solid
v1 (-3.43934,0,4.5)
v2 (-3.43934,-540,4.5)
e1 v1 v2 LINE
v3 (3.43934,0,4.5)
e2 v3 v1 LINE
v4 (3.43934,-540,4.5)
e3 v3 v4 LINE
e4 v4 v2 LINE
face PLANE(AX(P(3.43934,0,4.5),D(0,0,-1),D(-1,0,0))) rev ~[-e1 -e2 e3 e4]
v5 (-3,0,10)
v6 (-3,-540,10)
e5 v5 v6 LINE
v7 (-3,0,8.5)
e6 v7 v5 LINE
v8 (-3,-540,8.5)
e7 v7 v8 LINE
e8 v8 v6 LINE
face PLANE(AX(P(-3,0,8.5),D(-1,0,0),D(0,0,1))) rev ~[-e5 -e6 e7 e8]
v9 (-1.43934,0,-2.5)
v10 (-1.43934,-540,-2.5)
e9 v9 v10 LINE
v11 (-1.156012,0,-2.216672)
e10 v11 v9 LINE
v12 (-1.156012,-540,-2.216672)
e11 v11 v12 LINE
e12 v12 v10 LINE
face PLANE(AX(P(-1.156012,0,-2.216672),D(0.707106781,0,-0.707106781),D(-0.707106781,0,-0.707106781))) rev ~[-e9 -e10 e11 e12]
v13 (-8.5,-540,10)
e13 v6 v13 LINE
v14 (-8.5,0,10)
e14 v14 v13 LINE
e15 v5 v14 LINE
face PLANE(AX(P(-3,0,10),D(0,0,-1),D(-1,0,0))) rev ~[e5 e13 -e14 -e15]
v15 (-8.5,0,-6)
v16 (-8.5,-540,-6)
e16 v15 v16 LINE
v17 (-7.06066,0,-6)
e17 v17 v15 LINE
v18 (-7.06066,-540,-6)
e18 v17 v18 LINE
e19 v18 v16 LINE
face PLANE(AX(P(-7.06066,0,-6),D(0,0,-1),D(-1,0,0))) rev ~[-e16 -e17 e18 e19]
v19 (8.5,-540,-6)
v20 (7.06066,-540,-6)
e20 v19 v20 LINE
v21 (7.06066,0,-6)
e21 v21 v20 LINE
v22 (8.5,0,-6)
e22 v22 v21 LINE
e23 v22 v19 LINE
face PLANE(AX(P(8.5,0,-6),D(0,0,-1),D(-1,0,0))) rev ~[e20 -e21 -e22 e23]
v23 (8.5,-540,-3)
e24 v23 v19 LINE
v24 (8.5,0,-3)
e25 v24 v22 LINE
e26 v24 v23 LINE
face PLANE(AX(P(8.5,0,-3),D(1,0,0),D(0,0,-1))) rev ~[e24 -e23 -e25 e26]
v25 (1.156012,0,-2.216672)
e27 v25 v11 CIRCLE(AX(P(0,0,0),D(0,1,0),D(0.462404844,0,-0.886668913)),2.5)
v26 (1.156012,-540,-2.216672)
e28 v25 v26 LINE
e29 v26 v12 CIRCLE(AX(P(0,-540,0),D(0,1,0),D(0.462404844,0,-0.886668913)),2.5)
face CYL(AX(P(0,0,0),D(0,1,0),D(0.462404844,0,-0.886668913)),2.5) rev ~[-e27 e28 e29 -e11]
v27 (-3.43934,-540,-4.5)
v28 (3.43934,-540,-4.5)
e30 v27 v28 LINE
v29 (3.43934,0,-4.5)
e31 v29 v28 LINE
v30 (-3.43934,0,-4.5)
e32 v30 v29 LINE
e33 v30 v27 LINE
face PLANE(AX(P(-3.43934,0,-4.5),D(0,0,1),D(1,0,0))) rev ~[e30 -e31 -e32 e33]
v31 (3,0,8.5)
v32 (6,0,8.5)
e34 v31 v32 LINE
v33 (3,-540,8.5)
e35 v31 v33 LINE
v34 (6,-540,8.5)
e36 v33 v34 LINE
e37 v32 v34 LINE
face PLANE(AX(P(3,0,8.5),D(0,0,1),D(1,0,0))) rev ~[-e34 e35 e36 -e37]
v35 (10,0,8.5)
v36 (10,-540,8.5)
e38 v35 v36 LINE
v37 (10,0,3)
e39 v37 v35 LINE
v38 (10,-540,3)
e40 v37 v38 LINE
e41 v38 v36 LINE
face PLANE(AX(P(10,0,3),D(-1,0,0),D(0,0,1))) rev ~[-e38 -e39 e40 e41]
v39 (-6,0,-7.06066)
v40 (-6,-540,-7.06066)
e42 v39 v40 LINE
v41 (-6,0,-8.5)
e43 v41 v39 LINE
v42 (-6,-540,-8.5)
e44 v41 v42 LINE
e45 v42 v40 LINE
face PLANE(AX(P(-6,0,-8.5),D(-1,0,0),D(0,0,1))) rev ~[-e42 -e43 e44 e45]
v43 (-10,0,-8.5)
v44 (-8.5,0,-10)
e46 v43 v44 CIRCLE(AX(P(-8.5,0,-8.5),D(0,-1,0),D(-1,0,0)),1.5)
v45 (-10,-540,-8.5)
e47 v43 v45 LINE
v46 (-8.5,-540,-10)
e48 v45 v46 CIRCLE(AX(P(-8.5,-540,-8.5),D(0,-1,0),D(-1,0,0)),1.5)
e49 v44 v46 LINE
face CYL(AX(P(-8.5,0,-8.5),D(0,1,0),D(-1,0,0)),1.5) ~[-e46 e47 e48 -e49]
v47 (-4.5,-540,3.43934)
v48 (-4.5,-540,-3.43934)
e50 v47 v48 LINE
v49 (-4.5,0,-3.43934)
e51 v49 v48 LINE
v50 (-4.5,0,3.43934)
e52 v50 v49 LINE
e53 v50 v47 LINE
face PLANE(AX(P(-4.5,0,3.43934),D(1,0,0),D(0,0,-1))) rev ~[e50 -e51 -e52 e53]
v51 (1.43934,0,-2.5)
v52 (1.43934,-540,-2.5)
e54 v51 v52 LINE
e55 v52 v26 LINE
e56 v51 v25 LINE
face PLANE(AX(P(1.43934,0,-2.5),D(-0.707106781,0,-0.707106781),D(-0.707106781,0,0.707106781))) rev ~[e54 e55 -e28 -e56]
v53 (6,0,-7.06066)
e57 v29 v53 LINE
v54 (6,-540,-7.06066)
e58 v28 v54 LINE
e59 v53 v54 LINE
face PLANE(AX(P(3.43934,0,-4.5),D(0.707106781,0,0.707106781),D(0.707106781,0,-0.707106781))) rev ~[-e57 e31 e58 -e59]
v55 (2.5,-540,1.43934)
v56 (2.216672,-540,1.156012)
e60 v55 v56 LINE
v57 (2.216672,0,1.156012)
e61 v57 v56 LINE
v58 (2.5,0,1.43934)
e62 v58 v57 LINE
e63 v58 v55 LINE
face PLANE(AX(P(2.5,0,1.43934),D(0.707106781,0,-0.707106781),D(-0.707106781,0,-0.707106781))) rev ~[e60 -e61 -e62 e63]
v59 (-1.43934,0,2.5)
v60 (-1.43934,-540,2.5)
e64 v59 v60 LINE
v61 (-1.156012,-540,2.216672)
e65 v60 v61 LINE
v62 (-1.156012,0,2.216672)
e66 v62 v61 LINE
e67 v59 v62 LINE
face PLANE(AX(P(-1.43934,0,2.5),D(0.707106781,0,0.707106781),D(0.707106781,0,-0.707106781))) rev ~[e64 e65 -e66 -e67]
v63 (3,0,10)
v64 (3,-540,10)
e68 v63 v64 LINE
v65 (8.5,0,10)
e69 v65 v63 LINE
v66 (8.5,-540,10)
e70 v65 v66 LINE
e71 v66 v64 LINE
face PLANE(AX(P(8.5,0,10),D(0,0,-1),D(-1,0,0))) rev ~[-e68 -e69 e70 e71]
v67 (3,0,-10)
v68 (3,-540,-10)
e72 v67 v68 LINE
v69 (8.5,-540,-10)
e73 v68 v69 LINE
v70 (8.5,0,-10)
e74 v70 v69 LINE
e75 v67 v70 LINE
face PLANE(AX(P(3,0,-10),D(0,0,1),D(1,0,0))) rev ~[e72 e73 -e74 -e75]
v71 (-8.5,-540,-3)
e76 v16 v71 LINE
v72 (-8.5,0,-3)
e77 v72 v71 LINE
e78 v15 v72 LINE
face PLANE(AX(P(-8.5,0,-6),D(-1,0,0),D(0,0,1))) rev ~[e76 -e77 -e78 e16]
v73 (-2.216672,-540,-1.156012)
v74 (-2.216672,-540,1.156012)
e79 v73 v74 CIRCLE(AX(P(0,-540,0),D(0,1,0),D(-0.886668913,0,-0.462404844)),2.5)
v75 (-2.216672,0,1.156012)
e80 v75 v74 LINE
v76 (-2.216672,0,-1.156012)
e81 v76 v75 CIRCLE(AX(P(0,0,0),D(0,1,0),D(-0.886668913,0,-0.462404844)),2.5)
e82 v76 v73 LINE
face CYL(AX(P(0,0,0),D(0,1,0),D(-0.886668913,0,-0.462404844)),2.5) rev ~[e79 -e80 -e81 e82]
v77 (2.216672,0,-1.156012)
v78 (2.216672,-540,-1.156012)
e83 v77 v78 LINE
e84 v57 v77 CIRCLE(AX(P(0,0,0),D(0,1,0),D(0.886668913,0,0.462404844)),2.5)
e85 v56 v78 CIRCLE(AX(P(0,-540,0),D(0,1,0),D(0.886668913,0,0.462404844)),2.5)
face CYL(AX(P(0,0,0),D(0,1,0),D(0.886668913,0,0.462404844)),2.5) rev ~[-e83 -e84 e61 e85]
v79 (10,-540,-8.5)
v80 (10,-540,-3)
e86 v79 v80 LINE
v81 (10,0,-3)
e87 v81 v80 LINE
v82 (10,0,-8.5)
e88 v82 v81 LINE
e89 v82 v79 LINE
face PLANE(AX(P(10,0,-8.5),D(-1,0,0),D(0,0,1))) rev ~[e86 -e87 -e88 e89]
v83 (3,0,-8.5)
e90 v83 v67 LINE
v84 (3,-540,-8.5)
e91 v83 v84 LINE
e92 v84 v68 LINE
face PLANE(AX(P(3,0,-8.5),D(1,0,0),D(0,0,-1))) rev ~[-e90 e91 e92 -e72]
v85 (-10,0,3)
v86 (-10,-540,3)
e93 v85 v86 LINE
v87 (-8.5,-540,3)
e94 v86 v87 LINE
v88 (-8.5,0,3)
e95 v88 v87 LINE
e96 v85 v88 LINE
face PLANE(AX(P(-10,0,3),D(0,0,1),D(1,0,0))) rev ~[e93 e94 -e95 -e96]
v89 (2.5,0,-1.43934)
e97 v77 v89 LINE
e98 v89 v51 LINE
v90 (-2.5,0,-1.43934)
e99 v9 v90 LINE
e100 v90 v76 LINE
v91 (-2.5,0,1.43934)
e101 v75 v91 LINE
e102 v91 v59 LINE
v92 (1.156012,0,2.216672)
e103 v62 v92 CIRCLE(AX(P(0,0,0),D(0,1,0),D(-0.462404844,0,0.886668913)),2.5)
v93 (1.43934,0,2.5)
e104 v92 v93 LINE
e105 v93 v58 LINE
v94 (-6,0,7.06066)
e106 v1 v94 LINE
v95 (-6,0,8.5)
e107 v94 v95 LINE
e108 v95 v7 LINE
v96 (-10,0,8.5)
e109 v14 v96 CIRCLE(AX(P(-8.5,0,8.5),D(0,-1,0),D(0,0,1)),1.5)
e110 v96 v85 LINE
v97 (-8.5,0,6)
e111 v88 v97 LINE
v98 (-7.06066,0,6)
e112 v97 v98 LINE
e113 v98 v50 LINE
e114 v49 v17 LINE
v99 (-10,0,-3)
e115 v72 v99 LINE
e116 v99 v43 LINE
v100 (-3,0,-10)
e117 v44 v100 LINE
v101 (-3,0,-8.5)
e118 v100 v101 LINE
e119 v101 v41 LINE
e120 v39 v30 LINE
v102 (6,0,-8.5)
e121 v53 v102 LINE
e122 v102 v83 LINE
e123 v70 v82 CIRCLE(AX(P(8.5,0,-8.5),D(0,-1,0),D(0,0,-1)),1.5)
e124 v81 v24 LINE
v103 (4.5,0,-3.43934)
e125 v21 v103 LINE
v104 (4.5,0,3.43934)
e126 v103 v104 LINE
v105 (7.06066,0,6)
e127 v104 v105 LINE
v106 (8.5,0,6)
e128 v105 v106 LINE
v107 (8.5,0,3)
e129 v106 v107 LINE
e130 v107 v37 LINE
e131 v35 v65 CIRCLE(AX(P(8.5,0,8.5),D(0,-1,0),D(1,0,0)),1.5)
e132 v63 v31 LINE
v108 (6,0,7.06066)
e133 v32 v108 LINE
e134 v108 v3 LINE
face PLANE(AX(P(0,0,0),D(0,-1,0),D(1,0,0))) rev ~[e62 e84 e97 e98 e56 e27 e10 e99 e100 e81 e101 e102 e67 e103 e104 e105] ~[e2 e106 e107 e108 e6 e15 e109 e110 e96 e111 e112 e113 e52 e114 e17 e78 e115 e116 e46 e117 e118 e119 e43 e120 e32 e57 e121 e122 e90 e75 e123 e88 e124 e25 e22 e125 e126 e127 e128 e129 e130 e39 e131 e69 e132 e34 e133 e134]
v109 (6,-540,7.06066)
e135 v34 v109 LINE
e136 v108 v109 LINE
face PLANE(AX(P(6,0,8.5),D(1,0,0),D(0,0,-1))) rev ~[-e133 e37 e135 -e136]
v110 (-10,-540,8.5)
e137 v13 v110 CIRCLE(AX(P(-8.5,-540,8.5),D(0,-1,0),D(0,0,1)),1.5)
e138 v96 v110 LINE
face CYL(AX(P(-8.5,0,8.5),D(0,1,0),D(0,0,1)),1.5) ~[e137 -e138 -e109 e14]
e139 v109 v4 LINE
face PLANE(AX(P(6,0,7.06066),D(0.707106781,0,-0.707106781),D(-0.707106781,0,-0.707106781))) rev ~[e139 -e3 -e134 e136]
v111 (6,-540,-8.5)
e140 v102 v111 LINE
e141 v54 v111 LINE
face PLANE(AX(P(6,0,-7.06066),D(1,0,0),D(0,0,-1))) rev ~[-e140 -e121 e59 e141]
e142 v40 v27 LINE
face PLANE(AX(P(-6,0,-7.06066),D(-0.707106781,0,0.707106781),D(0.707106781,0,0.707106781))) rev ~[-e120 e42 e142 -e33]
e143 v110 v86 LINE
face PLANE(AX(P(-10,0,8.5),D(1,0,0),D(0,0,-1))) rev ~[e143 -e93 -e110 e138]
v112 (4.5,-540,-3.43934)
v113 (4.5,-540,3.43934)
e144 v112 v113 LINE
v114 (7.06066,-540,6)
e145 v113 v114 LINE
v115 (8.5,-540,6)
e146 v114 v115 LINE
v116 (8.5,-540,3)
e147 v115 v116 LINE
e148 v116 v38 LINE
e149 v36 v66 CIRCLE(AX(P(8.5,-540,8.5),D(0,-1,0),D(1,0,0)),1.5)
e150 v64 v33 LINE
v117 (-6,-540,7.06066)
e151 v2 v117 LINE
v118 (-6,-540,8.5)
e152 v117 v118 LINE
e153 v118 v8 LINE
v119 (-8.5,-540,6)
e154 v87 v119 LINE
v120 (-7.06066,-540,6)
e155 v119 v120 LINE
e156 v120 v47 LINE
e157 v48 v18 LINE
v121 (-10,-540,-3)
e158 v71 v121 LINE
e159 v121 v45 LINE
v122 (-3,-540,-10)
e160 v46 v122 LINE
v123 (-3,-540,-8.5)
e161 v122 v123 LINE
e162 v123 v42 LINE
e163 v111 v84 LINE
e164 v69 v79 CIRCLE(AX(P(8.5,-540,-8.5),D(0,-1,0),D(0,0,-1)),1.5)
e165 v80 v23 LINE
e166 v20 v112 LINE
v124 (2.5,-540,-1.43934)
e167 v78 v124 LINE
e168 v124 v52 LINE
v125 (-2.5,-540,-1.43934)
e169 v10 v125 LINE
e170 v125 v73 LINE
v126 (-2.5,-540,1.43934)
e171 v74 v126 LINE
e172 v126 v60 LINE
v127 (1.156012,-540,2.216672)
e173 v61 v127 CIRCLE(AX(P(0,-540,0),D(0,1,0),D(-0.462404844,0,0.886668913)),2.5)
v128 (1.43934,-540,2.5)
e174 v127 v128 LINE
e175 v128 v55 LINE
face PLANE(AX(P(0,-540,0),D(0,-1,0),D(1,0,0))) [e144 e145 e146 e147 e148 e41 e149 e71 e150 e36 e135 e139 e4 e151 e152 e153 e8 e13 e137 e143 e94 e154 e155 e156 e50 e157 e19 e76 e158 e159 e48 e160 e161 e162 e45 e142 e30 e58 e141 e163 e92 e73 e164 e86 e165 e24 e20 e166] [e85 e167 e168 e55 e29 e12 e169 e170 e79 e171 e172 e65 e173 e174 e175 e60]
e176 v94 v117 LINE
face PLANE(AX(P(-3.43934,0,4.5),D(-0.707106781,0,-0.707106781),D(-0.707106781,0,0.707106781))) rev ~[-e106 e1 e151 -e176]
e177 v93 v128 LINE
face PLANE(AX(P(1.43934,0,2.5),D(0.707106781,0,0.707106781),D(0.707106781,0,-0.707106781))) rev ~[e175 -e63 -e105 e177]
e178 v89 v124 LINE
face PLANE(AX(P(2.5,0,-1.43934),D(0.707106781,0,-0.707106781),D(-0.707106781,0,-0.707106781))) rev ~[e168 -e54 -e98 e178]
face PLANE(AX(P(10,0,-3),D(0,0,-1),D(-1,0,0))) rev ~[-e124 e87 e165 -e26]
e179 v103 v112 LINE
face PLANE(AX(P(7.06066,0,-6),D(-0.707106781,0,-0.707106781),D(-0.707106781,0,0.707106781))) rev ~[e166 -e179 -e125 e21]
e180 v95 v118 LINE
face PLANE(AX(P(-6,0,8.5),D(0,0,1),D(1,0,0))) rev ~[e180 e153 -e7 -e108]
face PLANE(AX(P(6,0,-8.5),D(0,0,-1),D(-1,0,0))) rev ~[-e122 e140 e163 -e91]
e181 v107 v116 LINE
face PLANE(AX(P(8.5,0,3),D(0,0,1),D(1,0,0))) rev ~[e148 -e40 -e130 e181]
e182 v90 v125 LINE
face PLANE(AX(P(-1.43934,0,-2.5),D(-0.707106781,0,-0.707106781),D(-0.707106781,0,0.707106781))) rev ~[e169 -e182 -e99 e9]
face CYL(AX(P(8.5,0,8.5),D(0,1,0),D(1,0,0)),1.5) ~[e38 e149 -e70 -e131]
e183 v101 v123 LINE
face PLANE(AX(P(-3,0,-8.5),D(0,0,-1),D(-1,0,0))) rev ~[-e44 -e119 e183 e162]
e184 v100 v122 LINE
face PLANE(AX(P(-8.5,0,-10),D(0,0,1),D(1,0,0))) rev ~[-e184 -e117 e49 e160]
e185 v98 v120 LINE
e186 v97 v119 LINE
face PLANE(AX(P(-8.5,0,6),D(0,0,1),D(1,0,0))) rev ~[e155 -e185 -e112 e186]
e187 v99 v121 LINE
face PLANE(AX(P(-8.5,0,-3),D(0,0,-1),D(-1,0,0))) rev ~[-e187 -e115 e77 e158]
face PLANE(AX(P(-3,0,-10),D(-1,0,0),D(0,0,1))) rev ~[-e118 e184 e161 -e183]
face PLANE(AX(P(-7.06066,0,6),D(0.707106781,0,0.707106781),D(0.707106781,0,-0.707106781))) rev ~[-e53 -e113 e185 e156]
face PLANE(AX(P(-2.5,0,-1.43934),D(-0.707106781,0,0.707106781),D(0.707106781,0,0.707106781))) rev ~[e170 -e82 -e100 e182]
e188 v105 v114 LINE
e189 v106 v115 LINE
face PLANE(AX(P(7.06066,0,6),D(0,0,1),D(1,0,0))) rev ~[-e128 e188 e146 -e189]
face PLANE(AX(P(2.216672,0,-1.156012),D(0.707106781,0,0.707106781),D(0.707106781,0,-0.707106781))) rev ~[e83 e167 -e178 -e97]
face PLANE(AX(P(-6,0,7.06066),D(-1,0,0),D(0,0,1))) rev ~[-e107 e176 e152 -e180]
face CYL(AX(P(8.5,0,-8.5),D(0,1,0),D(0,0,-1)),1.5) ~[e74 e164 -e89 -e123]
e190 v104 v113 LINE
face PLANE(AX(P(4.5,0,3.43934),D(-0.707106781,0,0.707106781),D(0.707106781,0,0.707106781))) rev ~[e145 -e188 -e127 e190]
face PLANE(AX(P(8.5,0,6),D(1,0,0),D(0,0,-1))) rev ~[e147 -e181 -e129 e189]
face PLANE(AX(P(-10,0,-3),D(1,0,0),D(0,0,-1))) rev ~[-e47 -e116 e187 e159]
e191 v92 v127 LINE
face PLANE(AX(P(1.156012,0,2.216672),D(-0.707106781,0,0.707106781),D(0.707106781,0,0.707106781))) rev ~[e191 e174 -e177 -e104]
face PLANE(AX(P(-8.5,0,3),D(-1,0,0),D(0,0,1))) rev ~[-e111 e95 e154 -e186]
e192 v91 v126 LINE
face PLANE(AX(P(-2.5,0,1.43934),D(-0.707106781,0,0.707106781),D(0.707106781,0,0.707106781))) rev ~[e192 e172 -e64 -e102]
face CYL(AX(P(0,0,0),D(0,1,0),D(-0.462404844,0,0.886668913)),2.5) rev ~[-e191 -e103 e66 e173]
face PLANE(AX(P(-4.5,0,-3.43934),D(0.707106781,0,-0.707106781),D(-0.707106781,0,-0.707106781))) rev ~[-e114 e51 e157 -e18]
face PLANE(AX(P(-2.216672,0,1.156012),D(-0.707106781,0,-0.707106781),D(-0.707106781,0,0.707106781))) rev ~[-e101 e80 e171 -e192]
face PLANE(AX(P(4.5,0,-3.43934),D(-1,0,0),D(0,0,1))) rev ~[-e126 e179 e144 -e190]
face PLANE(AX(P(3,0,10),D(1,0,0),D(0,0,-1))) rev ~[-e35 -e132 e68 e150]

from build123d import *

# Parameters (mm, degrees)
F1_DEPTH = 540


with BuildPart() as f1:
    # F0 (on Front) → F1 (new body)
    with BuildSketch(Plane.XZ):
        with BuildLine():
            Line((3, -10), (8.5, -10))
            ThreePointArc((8.5, -10), (9.5606601718, -9.5606601718), (10, -8.5))
            Line((10, -8.5), (10, -3))
            Line((10, -3), (8.5, -3))
            Line((8.5, -3), (8.5, -6))
            Line((8.5, -6), (7.0606601718, -6))
            Line((7.0606601718, -6), (4.5, -3.4393398282))
            Line((4.5, -3.4393398282), (4.5, 3.4393398282))
            Line((4.5, 3.4393398282), (7.0606601718, 6))
            Line((7.0606601718, 6), (8.5, 6))
            Line((8.5, 6), (8.5, 3))
            Line((8.5, 3), (10, 3))
            Line((10, 3), (10, 8.5))
            ThreePointArc((10, 8.5), (9.5606601718, 9.5606601718), (8.5, 10))
            Line((8.5, 10), (3, 10))
            Line((3, 10), (3, 8.5))
            Line((3, 8.5), (6, 8.5))
            Line((6, 8.5), (6, 7.0606601718))
            Line((6, 7.0606601718), (3.4393398282, 4.5))
            Line((3.4393398282, 4.5), (-3.4393398282, 4.5))
            Line((-3.4393398282, 4.5), (-6, 7.0606601718))
            Line((-6, 7.0606601718), (-6, 8.5))
            Line((-6, 8.5), (-3, 8.5))
            Line((-3, 8.5), (-3, 10))
            Line((-3, 10), (-8.5, 10))
            ThreePointArc((-8.5, 10), (-9.5606601718, 9.5606601718), (-10, 8.5))
            Line((-10, 8.5), (-10, 3))
            Line((-10, 3), (-8.5, 3))
            Line((-8.5, 3), (-8.5, 6))
            Line((-8.5, 6), (-7.0606601718, 6))
            Line((-7.0606601718, 6), (-4.5, 3.4393398282))
            Line((-4.5, 3.4393398282), (-4.5, -3.4393398282))
            Line((-4.5, -3.4393398282), (-7.0606601718, -6))
            Line((-7.0606601718, -6), (-8.5, -6))
            Line((-8.5, -6), (-8.5, -3))
            Line((-8.5, -3), (-10, -3))
            Line((-10, -3), (-10, -8.5))
            ThreePointArc((-10, -8.5), (-9.5606601718, -9.5606601718), (-8.5, -10))
            Line((-8.5, -10), (-3, -10))
            Line((-3, -10), (-3, -8.5))
            Line((-3, -8.5), (-6, -8.5))
            Line((-6, -8.5), (-6, -7.0606601718))
            Line((-6, -7.0606601718), (-3.4393398282, -4.5))
            Line((-3.4393398282, -4.5), (3.4393398282, -4.5))
            Line((3.4393398282, -4.5), (6, -7.0606601718))
            Line((6, -7.0606601718), (6, -8.5))
            Line((6, -8.5), (3, -8.5))
            Line((3, -8.5), (3, -10))
        make_face()
        with BuildLine():
            ThreePointArc((-1.1560121095, 2.2166722813), (0, 2.5), (1.1560121095, 2.2166722813))
            Line((1.1560121095, 2.2166722813), (1.4393398282, 2.5))
            Line((1.4393398282, 2.5), (2.5, 1.4393398282))
            Line((2.5, 1.4393398282), (2.2166722813, 1.1560121095))
            ThreePointArc((2.2166722813, 1.1560121095), (2.5, 0), (2.2166722813, -1.1560121095))
            Line((2.2166722813, -1.1560121095), (2.5, -1.4393398282))
            Line((2.5, -1.4393398282), (1.4393398282, -2.5))
            Line((1.4393398282, -2.5), (1.1560121095, -2.2166722813))
            ThreePointArc((1.1560121095, -2.2166722813), (0, -2.5), (-1.1560121095, -2.2166722813))
            Line((-1.1560121095, -2.2166722813), (-1.4393398282, -2.5))
            Line((-1.4393398282, -2.5), (-2.5, -1.4393398282))
            Line((-2.5, -1.4393398282), (-2.2166722813, -1.1560121095))
            ThreePointArc((-2.2166722813, -1.1560121095), (-2.5, 0), (-2.2166722813, 1.1560121095))
            Line((-2.2166722813, 1.1560121095), (-2.5, 1.4393398282))
            Line((-2.5, 1.4393398282), (-1.4393398282, 2.5))
            Line((-1.4393398282, 2.5), (-1.1560121095, 2.2166722813))
        make_face(mode=Mode.SUBTRACT)
    extrude(amount=F1_DEPTH)


solid = f1.part
